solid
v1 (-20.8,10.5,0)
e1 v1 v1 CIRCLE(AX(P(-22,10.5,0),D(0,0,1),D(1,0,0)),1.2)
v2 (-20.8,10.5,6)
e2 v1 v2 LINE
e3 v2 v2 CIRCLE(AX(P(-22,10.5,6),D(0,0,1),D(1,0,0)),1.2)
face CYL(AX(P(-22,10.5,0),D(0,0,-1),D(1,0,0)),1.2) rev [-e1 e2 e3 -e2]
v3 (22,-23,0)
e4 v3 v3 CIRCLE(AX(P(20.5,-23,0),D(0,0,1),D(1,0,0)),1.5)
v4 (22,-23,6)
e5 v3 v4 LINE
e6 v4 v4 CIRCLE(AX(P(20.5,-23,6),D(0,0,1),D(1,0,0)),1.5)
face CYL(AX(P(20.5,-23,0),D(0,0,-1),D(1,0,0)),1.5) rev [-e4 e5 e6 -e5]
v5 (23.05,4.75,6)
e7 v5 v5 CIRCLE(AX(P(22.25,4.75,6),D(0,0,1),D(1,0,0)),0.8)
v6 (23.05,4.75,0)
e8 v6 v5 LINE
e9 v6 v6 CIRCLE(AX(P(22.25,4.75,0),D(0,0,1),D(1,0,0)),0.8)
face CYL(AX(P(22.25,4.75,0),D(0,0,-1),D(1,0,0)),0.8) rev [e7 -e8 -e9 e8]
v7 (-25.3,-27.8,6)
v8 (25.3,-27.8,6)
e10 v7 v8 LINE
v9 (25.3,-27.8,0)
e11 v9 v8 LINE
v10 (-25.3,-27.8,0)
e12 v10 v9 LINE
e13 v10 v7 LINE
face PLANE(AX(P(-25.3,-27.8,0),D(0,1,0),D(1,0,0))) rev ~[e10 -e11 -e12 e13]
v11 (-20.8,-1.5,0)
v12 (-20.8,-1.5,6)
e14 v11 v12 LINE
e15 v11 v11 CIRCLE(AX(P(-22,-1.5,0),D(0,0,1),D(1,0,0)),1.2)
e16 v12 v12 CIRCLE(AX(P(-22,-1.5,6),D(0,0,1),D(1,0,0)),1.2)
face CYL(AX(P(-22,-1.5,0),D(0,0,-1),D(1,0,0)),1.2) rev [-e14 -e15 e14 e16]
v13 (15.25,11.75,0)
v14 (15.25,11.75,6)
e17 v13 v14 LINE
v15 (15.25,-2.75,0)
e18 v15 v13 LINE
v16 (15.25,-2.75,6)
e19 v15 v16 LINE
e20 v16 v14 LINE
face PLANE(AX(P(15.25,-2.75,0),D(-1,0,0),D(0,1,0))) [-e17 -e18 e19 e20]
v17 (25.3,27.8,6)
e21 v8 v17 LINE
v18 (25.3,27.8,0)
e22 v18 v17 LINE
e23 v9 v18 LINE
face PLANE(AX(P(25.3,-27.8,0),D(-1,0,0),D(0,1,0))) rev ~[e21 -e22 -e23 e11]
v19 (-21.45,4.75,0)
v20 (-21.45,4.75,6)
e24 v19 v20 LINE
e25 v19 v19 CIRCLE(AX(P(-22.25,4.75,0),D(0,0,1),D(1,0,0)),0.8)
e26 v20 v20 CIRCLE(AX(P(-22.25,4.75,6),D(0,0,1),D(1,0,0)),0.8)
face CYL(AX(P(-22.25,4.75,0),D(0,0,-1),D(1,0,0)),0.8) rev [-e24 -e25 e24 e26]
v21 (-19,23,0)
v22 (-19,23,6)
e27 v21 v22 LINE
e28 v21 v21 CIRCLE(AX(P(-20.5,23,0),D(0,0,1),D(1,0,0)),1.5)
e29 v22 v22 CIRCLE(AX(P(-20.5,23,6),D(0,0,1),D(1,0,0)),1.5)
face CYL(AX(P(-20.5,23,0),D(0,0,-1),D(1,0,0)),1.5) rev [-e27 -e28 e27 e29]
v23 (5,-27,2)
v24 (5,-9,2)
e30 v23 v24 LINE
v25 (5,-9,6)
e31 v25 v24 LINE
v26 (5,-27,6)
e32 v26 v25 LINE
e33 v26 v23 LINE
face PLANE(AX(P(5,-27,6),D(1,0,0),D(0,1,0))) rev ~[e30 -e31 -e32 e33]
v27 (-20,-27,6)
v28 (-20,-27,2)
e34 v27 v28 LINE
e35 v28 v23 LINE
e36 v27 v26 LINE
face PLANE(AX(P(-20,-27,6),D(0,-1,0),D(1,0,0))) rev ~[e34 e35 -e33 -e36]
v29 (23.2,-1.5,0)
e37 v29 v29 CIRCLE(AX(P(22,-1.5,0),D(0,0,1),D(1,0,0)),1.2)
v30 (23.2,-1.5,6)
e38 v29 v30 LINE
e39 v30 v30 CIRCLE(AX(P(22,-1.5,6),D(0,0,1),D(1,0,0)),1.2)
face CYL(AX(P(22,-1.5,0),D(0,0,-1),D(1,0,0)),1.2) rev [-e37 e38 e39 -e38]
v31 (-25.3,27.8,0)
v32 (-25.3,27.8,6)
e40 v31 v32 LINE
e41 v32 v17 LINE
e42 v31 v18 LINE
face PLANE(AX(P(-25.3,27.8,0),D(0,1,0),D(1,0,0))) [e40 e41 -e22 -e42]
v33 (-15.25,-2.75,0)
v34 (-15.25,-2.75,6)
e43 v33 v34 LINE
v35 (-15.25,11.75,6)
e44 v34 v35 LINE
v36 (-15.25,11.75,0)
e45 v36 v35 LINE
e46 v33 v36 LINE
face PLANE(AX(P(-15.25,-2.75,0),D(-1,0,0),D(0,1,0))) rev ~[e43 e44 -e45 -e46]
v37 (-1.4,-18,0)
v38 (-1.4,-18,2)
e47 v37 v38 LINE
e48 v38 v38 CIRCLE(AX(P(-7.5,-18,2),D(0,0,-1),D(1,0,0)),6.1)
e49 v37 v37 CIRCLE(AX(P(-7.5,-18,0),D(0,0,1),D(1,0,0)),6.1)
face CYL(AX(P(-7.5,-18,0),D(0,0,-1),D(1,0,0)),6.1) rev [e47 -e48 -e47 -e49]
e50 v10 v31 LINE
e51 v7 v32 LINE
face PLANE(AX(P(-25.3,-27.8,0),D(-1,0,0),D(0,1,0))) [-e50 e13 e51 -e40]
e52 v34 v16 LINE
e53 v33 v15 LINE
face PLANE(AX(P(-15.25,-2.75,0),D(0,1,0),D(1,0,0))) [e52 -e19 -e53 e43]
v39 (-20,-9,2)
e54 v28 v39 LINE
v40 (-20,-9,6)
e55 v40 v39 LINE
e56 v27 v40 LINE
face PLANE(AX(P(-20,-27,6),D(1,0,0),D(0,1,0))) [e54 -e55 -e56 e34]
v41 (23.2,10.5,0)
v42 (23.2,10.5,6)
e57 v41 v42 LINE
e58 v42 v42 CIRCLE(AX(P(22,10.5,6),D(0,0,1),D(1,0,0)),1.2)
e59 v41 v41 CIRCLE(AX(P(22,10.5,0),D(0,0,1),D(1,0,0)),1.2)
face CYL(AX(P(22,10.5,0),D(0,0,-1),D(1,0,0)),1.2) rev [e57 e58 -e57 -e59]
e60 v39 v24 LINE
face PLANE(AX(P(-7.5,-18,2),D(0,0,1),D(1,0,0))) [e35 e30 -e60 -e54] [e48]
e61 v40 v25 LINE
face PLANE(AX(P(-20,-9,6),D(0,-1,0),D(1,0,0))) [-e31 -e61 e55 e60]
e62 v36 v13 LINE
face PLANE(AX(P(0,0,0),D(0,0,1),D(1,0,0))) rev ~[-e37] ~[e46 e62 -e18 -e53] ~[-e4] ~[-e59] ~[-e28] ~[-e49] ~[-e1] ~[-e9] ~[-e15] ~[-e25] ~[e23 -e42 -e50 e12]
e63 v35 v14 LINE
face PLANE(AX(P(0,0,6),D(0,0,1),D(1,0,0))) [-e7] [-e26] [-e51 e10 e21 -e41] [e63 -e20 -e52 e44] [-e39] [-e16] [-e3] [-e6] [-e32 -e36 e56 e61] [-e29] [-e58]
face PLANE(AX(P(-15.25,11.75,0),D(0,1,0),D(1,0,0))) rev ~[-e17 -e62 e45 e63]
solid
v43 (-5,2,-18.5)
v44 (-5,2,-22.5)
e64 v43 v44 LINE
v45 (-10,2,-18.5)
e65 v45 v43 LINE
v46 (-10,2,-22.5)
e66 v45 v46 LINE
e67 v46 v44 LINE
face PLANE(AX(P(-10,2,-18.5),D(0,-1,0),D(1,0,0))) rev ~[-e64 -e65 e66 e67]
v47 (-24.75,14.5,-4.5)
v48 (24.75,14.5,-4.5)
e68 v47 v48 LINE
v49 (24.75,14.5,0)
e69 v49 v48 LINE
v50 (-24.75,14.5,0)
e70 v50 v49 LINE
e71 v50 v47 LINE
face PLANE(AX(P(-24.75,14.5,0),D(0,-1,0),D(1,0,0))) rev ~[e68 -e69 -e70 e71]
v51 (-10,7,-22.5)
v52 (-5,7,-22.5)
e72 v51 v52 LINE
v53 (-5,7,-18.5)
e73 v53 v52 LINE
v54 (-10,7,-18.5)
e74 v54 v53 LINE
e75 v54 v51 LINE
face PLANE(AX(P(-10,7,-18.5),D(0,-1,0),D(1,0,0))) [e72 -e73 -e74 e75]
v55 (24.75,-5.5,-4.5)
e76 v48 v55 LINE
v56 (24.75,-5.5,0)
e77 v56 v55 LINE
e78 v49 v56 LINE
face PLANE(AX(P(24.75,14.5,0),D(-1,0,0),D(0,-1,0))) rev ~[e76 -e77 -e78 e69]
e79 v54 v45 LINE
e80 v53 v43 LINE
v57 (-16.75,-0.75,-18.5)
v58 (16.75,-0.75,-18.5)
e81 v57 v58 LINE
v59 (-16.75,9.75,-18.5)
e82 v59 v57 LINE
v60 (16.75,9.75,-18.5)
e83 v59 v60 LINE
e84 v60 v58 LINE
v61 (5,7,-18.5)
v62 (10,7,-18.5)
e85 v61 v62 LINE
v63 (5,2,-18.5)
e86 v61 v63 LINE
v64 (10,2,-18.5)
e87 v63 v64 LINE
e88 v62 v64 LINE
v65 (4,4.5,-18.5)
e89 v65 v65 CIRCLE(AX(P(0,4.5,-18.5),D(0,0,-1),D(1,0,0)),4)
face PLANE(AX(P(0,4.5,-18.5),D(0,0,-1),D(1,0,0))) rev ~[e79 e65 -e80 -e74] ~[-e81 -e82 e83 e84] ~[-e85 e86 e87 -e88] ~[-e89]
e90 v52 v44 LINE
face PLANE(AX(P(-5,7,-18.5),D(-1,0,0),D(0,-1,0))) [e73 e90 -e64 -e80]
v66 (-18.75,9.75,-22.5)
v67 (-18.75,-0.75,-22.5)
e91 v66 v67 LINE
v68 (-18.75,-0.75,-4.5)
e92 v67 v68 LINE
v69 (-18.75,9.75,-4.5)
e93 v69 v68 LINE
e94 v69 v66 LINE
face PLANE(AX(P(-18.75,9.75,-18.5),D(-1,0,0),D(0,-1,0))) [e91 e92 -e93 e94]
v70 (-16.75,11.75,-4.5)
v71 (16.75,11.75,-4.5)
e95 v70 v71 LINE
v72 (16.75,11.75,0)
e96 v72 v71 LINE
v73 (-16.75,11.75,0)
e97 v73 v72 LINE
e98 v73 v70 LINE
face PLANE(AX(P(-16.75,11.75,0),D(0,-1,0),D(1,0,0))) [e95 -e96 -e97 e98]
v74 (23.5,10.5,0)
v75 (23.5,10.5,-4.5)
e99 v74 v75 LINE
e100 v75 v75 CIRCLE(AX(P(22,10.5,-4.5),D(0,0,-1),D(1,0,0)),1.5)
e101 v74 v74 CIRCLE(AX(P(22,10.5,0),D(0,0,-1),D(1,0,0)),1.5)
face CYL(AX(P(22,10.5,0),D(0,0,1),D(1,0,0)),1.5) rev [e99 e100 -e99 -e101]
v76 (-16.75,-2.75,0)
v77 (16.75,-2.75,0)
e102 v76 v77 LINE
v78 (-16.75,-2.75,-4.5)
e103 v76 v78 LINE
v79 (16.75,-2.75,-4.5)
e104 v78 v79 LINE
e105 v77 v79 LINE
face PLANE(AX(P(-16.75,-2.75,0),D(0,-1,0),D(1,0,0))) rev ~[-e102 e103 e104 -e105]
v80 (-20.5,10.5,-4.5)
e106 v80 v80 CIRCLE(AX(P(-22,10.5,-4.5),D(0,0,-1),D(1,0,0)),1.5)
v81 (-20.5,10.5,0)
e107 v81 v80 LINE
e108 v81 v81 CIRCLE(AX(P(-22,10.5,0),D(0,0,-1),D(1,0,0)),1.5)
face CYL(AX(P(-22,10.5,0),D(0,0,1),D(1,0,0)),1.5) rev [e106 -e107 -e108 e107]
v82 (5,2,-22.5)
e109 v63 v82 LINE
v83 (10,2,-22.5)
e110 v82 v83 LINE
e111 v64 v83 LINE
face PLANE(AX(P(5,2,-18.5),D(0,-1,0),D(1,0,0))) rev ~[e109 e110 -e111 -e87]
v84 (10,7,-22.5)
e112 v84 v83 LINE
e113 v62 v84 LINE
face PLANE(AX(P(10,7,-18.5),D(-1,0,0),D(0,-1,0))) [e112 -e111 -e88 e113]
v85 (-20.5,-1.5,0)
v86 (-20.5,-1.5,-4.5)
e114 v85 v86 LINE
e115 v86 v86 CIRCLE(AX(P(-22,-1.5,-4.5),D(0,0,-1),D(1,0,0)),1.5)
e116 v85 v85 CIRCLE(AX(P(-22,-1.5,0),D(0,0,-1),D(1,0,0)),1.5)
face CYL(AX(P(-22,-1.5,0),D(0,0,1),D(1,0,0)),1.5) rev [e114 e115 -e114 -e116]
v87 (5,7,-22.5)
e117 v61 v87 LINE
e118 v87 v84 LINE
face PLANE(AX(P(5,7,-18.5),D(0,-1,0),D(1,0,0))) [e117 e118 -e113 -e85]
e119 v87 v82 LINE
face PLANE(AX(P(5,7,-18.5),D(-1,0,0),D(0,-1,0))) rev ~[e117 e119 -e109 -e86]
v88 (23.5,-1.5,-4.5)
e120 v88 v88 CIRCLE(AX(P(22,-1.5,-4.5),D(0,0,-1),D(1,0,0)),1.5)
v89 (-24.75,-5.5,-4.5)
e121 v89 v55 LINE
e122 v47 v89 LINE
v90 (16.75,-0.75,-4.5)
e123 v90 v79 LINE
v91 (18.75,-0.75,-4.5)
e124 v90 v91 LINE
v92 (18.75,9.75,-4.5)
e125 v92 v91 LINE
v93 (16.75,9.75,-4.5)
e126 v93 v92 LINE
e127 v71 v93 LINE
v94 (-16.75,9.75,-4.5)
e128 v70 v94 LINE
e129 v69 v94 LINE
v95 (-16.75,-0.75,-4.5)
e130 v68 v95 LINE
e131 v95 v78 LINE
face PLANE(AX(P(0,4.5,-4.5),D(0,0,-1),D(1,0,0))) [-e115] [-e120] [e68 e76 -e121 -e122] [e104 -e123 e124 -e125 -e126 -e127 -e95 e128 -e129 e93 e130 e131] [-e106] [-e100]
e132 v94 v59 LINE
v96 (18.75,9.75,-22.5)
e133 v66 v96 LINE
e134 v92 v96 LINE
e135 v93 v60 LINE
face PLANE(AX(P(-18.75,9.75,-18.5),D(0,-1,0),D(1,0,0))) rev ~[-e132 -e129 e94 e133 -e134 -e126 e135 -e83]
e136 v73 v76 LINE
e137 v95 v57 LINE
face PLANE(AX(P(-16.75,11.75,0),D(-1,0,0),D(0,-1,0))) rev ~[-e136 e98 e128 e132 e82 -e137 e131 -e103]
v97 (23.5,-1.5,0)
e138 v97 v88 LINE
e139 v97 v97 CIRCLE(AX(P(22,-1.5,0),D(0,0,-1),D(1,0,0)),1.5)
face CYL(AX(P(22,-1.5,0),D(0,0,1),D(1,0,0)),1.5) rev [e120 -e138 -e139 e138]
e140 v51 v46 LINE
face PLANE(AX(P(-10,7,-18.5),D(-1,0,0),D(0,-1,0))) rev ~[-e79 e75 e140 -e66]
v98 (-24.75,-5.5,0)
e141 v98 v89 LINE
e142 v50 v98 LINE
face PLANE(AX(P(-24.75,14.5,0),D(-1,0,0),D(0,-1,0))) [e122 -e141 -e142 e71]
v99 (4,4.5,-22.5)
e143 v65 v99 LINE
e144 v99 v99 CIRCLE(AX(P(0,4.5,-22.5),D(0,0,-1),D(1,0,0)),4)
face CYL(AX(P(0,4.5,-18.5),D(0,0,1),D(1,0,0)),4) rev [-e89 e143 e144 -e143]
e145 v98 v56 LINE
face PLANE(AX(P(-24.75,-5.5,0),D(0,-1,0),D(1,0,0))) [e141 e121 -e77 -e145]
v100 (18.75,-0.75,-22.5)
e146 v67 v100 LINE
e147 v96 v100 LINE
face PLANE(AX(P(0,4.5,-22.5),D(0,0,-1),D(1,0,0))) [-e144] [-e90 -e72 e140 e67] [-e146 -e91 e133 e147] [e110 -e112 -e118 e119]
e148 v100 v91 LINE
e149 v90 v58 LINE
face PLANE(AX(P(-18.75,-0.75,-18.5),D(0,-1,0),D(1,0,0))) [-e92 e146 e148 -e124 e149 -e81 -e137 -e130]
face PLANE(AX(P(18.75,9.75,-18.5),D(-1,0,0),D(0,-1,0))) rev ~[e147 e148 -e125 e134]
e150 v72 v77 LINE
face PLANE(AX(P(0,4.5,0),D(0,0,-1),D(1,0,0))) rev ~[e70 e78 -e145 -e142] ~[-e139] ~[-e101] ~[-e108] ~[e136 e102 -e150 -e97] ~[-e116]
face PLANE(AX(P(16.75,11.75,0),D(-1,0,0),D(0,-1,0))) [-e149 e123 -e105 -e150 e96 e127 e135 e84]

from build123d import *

# Parameters (mm, degrees)
F0_W     = 50.6
F0_H     = 55.6
F0_R     = 6.1
F0_R_2   = 1.2
F0_R_3   = 1.5
F0_R_4   = 0.8
F0_W_2   = 30.5
F0_H_2   = 14.5
F1_DEPTH = 6
F2_W     = 25
F2_H     = 18
F3_DEPTH = 4
F4_W     = 49.5
F4_H     = 20
F4_R     = 1.5
F4_W_2   = 33.5
F4_H_2   = 14.5
F5_DEPTH = 4.5
F6_W     = 2
F6_H     = 10.5
F7_DEPTH = 14
F8_W     = 37.5
F8_H     = 10.5
F8_W_2   = 5
F8_H_2   = 5
F8_R     = 4
F9_DEPTH = 4


with BuildPart() as f1:
    # F0 (on Top) → F1 (new body)
    with BuildSketch(Plane.XY):
        Rectangle(F0_W, F0_H)
        with Locations((-7.5, -18)):
            Circle(F0_R, mode=Mode.SUBTRACT)
        with Locations((-22, -1.5)):
            Circle(F0_R_2, mode=Mode.SUBTRACT)
        with Locations((20.5, -23)):
            Circle(F0_R_3, mode=Mode.SUBTRACT)
        with Locations((22, -1.5)):
            Circle(F0_R_2, mode=Mode.SUBTRACT)
        with Locations((-22.25, 4.75)):
            Circle(F0_R_4, mode=Mode.SUBTRACT)
        with Locations((-22, 10.5)):
            Circle(F0_R_2, mode=Mode.SUBTRACT)
        with Locations((-20.5, 23)):
            Circle(F0_R_3, mode=Mode.SUBTRACT)
        with Locations((0, 4.5)):
            Rectangle(F0_W_2, F0_H_2, mode=Mode.SUBTRACT)
        with Locations((22.25, 4.75)):
            Circle(F0_R_4, mode=Mode.SUBTRACT)
        with Locations((22, 10.5)):
            Circle(F0_R_2, mode=Mode.SUBTRACT)
    extrude(amount=F1_DEPTH)

    # F2 (on face) → F3 (cut)
    with BuildSketch(Plane.XY.offset(6)):
        with Locations((-7.5, -18)):
            Rectangle(F2_W, F2_H)
    extrude(amount=-F3_DEPTH, mode=Mode.SUBTRACT)


with BuildPart() as f5:
    # F4 (on face) → F5 (new body)
    with BuildSketch(Plane(origin=(0, 0, 0), x_dir=(1, 0, 0), z_dir=(0, 0, -1))):
        with Locations((0, -4.5)):
            Rectangle(F4_W, F4_H)
        with Locations((-22, -10.5)):
            Circle(F4_R, mode=Mode.SUBTRACT)
        with Locations((22, -10.5)):
            Circle(F4_R, mode=Mode.SUBTRACT)
        with Locations((-22, 1.5)):
            Circle(F4_R, mode=Mode.SUBTRACT)
        with Locations((0, -4.5)):
            Rectangle(F4_W_2, F4_H_2, mode=Mode.SUBTRACT)
        with Locations((22, 1.5)):
            Circle(F4_R, mode=Mode.SUBTRACT)
    extrude(amount=F5_DEPTH)

    # F6 (on face) → F7 (join)
    with BuildSketch(Plane(origin=(0, 0, -4.5), x_dir=(1, 0, 0), z_dir=(0, 0, -1))):
        with Locations((17.75, -4.5)):
            Rectangle(F6_W, F6_H)
        with Locations((-17.75, -4.5)):
            Rectangle(F6_W, F6_H)
    extrude(amount=F7_DEPTH)

    # F8 (on face) → F9 (join)
    with BuildSketch(Plane(origin=(0, 0, -18.5), x_dir=(1, 0, 0), z_dir=(0, 0, -1))):
        with Locations((0, -4.5)):
            Rectangle(F8_W, F8_H)
        with Locations((-7.5, -4.5)):
            Rectangle(F8_W_2, F8_H_2, mode=Mode.SUBTRACT)
        with Locations((0, -4.5)):
            Circle(F8_R, mode=Mode.SUBTRACT)
        with Locations((7.5, -4.5)):
            Rectangle(F8_W_2, F8_H_2, mode=Mode.SUBTRACT)
    extrude(amount=F9_DEPTH)


solid = Compound([f1.part, f5.part])
